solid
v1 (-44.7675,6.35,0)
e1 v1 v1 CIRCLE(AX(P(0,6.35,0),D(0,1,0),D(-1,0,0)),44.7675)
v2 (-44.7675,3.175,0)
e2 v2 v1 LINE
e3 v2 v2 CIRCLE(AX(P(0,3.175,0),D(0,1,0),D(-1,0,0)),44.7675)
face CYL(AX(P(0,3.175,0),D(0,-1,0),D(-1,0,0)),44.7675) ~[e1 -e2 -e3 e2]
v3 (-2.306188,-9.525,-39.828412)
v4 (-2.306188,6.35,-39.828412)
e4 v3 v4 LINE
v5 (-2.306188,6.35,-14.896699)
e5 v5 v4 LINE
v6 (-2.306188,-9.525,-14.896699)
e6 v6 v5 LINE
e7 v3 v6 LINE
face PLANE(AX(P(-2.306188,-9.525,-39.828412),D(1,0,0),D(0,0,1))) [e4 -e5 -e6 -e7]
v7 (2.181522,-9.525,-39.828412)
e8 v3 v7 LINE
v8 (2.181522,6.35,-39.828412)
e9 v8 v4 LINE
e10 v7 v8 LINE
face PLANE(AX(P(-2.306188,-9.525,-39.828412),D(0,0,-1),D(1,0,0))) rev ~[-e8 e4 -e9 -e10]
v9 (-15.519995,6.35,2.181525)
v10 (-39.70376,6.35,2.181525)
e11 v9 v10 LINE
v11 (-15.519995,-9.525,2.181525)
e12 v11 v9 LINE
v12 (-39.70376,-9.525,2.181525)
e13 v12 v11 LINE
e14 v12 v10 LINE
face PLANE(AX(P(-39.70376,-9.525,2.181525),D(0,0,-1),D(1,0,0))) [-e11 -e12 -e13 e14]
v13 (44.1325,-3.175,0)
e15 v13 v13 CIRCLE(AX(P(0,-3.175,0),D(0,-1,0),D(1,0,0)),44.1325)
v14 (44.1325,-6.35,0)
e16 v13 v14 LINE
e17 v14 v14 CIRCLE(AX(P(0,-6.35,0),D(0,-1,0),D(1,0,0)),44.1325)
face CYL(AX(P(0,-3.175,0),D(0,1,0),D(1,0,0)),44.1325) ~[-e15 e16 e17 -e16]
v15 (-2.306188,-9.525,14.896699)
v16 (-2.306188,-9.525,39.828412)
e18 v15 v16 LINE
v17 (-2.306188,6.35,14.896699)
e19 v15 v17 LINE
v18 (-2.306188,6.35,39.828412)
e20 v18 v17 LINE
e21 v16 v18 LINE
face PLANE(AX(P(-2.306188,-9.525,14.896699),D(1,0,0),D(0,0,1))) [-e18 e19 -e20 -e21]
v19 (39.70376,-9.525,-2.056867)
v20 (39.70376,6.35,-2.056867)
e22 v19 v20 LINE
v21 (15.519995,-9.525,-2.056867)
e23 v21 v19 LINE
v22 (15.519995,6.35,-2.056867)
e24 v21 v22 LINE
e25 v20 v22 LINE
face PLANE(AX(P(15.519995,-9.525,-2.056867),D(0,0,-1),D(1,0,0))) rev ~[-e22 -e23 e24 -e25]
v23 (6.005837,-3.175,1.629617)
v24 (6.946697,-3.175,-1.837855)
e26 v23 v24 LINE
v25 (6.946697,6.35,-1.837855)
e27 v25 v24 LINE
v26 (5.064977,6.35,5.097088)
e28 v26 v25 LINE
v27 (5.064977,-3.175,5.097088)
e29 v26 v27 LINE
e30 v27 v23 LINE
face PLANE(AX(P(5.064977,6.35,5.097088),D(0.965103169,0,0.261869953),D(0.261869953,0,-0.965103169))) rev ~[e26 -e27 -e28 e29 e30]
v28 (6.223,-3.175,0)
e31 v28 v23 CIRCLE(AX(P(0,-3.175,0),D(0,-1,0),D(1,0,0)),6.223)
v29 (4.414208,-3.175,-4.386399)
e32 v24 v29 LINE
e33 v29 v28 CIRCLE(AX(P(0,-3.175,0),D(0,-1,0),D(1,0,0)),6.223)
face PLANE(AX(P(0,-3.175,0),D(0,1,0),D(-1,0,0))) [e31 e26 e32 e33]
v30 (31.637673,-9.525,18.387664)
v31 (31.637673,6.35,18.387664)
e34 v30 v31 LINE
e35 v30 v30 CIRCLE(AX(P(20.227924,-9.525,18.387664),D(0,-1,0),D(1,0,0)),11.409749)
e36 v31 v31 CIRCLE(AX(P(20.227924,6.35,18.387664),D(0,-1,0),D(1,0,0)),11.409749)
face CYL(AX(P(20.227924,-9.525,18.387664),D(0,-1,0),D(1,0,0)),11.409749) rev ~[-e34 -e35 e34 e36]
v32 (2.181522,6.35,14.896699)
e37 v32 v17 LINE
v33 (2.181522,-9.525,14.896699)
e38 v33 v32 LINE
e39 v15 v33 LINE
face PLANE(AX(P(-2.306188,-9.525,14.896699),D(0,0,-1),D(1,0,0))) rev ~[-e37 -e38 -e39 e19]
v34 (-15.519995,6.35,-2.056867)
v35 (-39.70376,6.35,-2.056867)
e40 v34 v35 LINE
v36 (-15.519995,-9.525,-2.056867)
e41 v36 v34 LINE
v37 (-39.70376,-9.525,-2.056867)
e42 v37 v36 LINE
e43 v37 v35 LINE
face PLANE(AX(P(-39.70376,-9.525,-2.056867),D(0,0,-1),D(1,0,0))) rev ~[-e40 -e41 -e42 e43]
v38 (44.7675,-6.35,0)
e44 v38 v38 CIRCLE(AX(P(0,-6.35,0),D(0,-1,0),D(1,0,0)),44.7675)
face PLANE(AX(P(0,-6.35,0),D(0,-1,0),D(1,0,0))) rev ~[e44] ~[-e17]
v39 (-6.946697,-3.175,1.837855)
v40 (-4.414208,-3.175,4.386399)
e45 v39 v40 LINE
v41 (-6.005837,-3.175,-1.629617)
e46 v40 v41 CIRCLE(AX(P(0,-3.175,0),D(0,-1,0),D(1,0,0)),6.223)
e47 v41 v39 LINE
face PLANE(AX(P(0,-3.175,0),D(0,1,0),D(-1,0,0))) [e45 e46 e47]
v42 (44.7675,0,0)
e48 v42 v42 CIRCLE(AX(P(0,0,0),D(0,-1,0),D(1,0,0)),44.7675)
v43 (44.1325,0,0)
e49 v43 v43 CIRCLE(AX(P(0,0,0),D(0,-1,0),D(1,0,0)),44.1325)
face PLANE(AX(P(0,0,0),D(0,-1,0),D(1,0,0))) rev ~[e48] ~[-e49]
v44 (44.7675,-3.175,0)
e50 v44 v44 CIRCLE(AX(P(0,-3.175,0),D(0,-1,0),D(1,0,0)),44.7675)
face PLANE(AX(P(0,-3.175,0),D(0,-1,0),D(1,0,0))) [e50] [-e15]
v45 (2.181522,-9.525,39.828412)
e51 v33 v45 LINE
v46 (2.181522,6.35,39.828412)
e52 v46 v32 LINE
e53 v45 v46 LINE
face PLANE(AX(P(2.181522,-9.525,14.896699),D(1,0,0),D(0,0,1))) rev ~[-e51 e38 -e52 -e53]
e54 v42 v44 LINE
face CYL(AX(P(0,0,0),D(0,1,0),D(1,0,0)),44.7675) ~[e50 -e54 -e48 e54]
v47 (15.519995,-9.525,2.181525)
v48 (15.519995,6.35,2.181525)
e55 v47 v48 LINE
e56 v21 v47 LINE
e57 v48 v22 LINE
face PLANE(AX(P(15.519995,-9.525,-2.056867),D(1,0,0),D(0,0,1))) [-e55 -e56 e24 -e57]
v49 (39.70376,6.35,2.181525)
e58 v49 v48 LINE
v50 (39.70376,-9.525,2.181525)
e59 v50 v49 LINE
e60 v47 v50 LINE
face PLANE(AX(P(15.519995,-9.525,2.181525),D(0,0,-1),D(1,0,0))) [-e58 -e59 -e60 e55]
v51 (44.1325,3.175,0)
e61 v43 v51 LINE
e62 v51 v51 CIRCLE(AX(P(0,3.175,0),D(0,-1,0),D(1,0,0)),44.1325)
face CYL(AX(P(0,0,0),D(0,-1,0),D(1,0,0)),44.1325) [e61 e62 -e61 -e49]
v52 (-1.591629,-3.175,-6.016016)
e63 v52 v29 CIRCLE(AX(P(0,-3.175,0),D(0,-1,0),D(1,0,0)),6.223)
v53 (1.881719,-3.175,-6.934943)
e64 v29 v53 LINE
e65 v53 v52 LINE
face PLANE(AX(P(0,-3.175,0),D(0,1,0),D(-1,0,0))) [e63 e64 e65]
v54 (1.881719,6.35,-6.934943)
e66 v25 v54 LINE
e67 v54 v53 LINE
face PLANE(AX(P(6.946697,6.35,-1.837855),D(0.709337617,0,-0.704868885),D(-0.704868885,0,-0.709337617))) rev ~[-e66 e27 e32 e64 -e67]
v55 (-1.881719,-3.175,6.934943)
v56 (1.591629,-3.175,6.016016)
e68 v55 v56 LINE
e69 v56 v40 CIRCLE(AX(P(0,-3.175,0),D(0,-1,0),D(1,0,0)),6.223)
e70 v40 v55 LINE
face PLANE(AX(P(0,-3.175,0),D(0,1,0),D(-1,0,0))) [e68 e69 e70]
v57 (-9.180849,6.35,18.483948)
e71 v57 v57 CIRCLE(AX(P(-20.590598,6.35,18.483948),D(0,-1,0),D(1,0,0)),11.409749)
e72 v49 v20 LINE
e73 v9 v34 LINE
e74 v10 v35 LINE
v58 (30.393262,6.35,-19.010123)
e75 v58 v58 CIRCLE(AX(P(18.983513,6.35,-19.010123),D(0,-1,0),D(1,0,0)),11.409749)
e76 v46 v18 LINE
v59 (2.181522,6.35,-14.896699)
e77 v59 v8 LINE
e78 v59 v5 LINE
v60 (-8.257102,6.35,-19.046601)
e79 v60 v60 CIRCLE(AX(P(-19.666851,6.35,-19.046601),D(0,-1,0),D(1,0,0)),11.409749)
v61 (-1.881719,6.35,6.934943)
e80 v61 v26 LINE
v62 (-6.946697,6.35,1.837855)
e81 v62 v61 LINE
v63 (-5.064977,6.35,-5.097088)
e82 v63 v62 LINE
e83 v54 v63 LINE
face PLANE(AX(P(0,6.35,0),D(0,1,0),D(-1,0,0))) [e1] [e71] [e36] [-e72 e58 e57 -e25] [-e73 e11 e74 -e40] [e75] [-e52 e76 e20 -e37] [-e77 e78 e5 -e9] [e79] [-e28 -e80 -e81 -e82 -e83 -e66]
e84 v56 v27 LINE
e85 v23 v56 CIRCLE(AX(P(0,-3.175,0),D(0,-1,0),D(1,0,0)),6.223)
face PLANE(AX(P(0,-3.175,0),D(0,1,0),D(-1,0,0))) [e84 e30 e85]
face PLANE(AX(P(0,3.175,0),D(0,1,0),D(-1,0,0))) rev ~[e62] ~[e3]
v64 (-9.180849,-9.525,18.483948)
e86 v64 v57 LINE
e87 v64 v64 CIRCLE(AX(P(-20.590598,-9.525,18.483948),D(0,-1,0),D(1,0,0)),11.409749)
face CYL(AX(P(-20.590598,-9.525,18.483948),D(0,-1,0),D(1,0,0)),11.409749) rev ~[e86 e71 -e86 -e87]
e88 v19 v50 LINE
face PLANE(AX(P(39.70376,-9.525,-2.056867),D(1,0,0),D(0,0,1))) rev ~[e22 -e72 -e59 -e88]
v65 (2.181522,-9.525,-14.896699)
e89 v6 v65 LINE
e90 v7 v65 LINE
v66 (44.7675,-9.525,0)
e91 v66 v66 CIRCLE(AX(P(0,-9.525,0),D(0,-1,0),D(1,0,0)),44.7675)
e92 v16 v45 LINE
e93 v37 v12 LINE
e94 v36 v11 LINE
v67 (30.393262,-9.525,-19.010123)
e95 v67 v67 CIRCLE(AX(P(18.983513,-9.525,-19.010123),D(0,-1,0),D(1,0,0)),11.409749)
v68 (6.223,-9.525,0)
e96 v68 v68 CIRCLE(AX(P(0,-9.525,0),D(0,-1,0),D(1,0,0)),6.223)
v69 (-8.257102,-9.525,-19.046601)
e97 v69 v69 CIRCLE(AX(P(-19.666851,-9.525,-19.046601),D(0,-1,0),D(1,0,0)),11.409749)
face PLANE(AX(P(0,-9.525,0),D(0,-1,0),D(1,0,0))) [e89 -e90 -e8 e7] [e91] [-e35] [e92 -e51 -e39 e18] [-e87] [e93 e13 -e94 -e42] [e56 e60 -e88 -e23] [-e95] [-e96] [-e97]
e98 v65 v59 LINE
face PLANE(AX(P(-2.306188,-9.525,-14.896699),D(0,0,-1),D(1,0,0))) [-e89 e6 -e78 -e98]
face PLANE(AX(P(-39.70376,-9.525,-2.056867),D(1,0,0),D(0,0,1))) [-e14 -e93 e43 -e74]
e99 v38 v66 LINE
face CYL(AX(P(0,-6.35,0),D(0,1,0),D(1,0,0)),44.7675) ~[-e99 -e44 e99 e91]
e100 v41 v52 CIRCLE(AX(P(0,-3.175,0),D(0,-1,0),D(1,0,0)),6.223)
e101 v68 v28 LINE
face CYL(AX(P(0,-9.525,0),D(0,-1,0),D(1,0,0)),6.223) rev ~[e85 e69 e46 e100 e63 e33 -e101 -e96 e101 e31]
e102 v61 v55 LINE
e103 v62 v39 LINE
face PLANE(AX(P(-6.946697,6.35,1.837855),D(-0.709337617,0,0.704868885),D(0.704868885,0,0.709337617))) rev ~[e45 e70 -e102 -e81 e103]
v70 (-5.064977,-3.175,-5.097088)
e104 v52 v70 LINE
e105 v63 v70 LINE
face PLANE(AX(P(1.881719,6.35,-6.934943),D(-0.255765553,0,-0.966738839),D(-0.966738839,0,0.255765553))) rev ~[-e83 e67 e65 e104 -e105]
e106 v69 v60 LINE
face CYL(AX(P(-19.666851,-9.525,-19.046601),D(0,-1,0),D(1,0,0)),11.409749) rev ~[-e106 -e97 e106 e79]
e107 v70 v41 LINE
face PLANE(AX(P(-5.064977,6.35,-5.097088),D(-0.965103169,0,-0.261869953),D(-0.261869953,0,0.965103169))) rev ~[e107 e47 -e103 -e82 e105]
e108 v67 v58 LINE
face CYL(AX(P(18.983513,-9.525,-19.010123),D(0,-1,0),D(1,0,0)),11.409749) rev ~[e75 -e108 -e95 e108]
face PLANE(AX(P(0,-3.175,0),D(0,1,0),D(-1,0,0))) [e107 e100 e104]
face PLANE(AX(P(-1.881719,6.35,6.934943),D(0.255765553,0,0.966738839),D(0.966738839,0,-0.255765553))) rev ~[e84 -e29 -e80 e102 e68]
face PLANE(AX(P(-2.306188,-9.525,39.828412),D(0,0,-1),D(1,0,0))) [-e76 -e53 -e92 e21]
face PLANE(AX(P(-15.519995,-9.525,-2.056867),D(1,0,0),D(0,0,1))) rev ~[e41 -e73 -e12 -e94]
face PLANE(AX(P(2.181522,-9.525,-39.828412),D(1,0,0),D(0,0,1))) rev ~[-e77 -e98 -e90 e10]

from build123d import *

# Parameters (mm, degrees)
F0_R      = 44.1325
F1_DEPTH  = 3.175
F2_R      = 44.7675
F3_DEPTH  = 3.175
F4_R      = 44.1325
F5_DEPTH  = 3.175
F6_R      = 44.7675
F7_DEPTH  = 3.175
F8_R      = 44.7675
F9_DEPTH  = 3.175
F10_R     = 2.032
F11_DEPTH = 152.4
F13_DEPTH = 9.525
F14_R     = 6.223
F15_DEPTH = 14.732
F17_W     = 24.1837650537
F17_H     = 4.2383915279
F17_W_2   = 4.4877096079
F17_H_2   = 24.9317130074
F18_DEPTH = 25.4
F19_R     = 11.4097485145
F20_DEPTH = 25.4


with BuildPart() as f1:
    # F0 (on Front) → F1 (new body)
    with BuildSketch(Plane.XZ):
        Circle(F0_R)
    extrude(amount=-F1_DEPTH)

    # F2 (on Front) + F0 (on Front) → F3 (join)
    with BuildSketch(Plane.XZ):
        Circle(F2_R)
    with BuildSketch(Plane.XZ):
        Circle(F0_R)
    extrude(amount=F3_DEPTH)

    # F4 (on face) → F5 (join)
    with BuildSketch(Plane.XZ.offset(3.175)):
        Circle(F4_R)
    extrude(amount=F5_DEPTH)

    # F6 (on face) → F7 (join)
    with BuildSketch(Plane.XZ.offset(6.35)):
        Circle(F6_R)
    extrude(amount=F7_DEPTH)

    # F8 (on face) → F9 (join)
    with BuildSketch(Plane(origin=(0, 3.175, 0), x_dir=(-1, 0, 0), z_dir=(0, 1, 0))):
        Circle(F8_R)
    extrude(amount=F9_DEPTH)

    # F10 (on face) → F11 (cut)
    with BuildSketch(Plane.XZ.offset(9.525)):
        Circle(F10_R)
    extrude(amount=-F11_DEPTH, mode=Mode.SUBTRACT)

    # F12 (on face) → F13 (cut)
    with BuildSketch(Plane(origin=(0, 6.35, 0), x_dir=(-1, 0, 0), z_dir=(0, 1, 0))):
        Polygon((5.0649773709, -5.0970883419), (6.9466966749, 1.8378549019), (1.8817193039, 6.9349432438), (-5.0649773709, 5.0970883419), (-6.9466966749, -1.8378549019), (-1.8817193039, -6.9349432438), align=None)
    extrude(amount=-F13_DEPTH, mode=Mode.SUBTRACT)

    # F14 (on face) → F15 (cut)
    with BuildSketch(Plane.XZ.offset(9.525)):
        Circle(F14_R)
    extrude(amount=-F15_DEPTH, mode=Mode.SUBTRACT)

    # F17 (on face) → F18 (cut)
    with BuildSketch(Plane.XZ.offset(9.525)):
        with Locations((-27.6118777692, 0.0623291126)):
            Rectangle(F17_W, F17_H)
        with Locations((-0.0623329543, 27.3625557311)):
            Rectangle(F17_W_2, F17_H_2)
        with Locations((27.6118777692, 0.0623291126)):
            Rectangle(F17_W, F17_H)
        with Locations((-0.0623329543, -27.3625557311)):
            Rectangle(F17_W_2, F17_H_2)
    extrude(amount=-F18_DEPTH, mode=Mode.SUBTRACT)

    # F19 (on face) → F20 (cut)
    with BuildSketch(Plane.XZ.offset(9.525)):
        with Locations((-20.5905977637, 18.4839479625)):
            Circle(F19_R)
        with Locations((-19.6668505669, -19.046600908)):
            Circle(F19_R)
        with Locations((18.9835131168, -19.0101228654)):
            Circle(F19_R)
        with Locations((20.2279239893, 18.3876641095)):
            Circle(F19_R)
    extrude(amount=-F20_DEPTH, mode=Mode.SUBTRACT)


solid = f1.part
